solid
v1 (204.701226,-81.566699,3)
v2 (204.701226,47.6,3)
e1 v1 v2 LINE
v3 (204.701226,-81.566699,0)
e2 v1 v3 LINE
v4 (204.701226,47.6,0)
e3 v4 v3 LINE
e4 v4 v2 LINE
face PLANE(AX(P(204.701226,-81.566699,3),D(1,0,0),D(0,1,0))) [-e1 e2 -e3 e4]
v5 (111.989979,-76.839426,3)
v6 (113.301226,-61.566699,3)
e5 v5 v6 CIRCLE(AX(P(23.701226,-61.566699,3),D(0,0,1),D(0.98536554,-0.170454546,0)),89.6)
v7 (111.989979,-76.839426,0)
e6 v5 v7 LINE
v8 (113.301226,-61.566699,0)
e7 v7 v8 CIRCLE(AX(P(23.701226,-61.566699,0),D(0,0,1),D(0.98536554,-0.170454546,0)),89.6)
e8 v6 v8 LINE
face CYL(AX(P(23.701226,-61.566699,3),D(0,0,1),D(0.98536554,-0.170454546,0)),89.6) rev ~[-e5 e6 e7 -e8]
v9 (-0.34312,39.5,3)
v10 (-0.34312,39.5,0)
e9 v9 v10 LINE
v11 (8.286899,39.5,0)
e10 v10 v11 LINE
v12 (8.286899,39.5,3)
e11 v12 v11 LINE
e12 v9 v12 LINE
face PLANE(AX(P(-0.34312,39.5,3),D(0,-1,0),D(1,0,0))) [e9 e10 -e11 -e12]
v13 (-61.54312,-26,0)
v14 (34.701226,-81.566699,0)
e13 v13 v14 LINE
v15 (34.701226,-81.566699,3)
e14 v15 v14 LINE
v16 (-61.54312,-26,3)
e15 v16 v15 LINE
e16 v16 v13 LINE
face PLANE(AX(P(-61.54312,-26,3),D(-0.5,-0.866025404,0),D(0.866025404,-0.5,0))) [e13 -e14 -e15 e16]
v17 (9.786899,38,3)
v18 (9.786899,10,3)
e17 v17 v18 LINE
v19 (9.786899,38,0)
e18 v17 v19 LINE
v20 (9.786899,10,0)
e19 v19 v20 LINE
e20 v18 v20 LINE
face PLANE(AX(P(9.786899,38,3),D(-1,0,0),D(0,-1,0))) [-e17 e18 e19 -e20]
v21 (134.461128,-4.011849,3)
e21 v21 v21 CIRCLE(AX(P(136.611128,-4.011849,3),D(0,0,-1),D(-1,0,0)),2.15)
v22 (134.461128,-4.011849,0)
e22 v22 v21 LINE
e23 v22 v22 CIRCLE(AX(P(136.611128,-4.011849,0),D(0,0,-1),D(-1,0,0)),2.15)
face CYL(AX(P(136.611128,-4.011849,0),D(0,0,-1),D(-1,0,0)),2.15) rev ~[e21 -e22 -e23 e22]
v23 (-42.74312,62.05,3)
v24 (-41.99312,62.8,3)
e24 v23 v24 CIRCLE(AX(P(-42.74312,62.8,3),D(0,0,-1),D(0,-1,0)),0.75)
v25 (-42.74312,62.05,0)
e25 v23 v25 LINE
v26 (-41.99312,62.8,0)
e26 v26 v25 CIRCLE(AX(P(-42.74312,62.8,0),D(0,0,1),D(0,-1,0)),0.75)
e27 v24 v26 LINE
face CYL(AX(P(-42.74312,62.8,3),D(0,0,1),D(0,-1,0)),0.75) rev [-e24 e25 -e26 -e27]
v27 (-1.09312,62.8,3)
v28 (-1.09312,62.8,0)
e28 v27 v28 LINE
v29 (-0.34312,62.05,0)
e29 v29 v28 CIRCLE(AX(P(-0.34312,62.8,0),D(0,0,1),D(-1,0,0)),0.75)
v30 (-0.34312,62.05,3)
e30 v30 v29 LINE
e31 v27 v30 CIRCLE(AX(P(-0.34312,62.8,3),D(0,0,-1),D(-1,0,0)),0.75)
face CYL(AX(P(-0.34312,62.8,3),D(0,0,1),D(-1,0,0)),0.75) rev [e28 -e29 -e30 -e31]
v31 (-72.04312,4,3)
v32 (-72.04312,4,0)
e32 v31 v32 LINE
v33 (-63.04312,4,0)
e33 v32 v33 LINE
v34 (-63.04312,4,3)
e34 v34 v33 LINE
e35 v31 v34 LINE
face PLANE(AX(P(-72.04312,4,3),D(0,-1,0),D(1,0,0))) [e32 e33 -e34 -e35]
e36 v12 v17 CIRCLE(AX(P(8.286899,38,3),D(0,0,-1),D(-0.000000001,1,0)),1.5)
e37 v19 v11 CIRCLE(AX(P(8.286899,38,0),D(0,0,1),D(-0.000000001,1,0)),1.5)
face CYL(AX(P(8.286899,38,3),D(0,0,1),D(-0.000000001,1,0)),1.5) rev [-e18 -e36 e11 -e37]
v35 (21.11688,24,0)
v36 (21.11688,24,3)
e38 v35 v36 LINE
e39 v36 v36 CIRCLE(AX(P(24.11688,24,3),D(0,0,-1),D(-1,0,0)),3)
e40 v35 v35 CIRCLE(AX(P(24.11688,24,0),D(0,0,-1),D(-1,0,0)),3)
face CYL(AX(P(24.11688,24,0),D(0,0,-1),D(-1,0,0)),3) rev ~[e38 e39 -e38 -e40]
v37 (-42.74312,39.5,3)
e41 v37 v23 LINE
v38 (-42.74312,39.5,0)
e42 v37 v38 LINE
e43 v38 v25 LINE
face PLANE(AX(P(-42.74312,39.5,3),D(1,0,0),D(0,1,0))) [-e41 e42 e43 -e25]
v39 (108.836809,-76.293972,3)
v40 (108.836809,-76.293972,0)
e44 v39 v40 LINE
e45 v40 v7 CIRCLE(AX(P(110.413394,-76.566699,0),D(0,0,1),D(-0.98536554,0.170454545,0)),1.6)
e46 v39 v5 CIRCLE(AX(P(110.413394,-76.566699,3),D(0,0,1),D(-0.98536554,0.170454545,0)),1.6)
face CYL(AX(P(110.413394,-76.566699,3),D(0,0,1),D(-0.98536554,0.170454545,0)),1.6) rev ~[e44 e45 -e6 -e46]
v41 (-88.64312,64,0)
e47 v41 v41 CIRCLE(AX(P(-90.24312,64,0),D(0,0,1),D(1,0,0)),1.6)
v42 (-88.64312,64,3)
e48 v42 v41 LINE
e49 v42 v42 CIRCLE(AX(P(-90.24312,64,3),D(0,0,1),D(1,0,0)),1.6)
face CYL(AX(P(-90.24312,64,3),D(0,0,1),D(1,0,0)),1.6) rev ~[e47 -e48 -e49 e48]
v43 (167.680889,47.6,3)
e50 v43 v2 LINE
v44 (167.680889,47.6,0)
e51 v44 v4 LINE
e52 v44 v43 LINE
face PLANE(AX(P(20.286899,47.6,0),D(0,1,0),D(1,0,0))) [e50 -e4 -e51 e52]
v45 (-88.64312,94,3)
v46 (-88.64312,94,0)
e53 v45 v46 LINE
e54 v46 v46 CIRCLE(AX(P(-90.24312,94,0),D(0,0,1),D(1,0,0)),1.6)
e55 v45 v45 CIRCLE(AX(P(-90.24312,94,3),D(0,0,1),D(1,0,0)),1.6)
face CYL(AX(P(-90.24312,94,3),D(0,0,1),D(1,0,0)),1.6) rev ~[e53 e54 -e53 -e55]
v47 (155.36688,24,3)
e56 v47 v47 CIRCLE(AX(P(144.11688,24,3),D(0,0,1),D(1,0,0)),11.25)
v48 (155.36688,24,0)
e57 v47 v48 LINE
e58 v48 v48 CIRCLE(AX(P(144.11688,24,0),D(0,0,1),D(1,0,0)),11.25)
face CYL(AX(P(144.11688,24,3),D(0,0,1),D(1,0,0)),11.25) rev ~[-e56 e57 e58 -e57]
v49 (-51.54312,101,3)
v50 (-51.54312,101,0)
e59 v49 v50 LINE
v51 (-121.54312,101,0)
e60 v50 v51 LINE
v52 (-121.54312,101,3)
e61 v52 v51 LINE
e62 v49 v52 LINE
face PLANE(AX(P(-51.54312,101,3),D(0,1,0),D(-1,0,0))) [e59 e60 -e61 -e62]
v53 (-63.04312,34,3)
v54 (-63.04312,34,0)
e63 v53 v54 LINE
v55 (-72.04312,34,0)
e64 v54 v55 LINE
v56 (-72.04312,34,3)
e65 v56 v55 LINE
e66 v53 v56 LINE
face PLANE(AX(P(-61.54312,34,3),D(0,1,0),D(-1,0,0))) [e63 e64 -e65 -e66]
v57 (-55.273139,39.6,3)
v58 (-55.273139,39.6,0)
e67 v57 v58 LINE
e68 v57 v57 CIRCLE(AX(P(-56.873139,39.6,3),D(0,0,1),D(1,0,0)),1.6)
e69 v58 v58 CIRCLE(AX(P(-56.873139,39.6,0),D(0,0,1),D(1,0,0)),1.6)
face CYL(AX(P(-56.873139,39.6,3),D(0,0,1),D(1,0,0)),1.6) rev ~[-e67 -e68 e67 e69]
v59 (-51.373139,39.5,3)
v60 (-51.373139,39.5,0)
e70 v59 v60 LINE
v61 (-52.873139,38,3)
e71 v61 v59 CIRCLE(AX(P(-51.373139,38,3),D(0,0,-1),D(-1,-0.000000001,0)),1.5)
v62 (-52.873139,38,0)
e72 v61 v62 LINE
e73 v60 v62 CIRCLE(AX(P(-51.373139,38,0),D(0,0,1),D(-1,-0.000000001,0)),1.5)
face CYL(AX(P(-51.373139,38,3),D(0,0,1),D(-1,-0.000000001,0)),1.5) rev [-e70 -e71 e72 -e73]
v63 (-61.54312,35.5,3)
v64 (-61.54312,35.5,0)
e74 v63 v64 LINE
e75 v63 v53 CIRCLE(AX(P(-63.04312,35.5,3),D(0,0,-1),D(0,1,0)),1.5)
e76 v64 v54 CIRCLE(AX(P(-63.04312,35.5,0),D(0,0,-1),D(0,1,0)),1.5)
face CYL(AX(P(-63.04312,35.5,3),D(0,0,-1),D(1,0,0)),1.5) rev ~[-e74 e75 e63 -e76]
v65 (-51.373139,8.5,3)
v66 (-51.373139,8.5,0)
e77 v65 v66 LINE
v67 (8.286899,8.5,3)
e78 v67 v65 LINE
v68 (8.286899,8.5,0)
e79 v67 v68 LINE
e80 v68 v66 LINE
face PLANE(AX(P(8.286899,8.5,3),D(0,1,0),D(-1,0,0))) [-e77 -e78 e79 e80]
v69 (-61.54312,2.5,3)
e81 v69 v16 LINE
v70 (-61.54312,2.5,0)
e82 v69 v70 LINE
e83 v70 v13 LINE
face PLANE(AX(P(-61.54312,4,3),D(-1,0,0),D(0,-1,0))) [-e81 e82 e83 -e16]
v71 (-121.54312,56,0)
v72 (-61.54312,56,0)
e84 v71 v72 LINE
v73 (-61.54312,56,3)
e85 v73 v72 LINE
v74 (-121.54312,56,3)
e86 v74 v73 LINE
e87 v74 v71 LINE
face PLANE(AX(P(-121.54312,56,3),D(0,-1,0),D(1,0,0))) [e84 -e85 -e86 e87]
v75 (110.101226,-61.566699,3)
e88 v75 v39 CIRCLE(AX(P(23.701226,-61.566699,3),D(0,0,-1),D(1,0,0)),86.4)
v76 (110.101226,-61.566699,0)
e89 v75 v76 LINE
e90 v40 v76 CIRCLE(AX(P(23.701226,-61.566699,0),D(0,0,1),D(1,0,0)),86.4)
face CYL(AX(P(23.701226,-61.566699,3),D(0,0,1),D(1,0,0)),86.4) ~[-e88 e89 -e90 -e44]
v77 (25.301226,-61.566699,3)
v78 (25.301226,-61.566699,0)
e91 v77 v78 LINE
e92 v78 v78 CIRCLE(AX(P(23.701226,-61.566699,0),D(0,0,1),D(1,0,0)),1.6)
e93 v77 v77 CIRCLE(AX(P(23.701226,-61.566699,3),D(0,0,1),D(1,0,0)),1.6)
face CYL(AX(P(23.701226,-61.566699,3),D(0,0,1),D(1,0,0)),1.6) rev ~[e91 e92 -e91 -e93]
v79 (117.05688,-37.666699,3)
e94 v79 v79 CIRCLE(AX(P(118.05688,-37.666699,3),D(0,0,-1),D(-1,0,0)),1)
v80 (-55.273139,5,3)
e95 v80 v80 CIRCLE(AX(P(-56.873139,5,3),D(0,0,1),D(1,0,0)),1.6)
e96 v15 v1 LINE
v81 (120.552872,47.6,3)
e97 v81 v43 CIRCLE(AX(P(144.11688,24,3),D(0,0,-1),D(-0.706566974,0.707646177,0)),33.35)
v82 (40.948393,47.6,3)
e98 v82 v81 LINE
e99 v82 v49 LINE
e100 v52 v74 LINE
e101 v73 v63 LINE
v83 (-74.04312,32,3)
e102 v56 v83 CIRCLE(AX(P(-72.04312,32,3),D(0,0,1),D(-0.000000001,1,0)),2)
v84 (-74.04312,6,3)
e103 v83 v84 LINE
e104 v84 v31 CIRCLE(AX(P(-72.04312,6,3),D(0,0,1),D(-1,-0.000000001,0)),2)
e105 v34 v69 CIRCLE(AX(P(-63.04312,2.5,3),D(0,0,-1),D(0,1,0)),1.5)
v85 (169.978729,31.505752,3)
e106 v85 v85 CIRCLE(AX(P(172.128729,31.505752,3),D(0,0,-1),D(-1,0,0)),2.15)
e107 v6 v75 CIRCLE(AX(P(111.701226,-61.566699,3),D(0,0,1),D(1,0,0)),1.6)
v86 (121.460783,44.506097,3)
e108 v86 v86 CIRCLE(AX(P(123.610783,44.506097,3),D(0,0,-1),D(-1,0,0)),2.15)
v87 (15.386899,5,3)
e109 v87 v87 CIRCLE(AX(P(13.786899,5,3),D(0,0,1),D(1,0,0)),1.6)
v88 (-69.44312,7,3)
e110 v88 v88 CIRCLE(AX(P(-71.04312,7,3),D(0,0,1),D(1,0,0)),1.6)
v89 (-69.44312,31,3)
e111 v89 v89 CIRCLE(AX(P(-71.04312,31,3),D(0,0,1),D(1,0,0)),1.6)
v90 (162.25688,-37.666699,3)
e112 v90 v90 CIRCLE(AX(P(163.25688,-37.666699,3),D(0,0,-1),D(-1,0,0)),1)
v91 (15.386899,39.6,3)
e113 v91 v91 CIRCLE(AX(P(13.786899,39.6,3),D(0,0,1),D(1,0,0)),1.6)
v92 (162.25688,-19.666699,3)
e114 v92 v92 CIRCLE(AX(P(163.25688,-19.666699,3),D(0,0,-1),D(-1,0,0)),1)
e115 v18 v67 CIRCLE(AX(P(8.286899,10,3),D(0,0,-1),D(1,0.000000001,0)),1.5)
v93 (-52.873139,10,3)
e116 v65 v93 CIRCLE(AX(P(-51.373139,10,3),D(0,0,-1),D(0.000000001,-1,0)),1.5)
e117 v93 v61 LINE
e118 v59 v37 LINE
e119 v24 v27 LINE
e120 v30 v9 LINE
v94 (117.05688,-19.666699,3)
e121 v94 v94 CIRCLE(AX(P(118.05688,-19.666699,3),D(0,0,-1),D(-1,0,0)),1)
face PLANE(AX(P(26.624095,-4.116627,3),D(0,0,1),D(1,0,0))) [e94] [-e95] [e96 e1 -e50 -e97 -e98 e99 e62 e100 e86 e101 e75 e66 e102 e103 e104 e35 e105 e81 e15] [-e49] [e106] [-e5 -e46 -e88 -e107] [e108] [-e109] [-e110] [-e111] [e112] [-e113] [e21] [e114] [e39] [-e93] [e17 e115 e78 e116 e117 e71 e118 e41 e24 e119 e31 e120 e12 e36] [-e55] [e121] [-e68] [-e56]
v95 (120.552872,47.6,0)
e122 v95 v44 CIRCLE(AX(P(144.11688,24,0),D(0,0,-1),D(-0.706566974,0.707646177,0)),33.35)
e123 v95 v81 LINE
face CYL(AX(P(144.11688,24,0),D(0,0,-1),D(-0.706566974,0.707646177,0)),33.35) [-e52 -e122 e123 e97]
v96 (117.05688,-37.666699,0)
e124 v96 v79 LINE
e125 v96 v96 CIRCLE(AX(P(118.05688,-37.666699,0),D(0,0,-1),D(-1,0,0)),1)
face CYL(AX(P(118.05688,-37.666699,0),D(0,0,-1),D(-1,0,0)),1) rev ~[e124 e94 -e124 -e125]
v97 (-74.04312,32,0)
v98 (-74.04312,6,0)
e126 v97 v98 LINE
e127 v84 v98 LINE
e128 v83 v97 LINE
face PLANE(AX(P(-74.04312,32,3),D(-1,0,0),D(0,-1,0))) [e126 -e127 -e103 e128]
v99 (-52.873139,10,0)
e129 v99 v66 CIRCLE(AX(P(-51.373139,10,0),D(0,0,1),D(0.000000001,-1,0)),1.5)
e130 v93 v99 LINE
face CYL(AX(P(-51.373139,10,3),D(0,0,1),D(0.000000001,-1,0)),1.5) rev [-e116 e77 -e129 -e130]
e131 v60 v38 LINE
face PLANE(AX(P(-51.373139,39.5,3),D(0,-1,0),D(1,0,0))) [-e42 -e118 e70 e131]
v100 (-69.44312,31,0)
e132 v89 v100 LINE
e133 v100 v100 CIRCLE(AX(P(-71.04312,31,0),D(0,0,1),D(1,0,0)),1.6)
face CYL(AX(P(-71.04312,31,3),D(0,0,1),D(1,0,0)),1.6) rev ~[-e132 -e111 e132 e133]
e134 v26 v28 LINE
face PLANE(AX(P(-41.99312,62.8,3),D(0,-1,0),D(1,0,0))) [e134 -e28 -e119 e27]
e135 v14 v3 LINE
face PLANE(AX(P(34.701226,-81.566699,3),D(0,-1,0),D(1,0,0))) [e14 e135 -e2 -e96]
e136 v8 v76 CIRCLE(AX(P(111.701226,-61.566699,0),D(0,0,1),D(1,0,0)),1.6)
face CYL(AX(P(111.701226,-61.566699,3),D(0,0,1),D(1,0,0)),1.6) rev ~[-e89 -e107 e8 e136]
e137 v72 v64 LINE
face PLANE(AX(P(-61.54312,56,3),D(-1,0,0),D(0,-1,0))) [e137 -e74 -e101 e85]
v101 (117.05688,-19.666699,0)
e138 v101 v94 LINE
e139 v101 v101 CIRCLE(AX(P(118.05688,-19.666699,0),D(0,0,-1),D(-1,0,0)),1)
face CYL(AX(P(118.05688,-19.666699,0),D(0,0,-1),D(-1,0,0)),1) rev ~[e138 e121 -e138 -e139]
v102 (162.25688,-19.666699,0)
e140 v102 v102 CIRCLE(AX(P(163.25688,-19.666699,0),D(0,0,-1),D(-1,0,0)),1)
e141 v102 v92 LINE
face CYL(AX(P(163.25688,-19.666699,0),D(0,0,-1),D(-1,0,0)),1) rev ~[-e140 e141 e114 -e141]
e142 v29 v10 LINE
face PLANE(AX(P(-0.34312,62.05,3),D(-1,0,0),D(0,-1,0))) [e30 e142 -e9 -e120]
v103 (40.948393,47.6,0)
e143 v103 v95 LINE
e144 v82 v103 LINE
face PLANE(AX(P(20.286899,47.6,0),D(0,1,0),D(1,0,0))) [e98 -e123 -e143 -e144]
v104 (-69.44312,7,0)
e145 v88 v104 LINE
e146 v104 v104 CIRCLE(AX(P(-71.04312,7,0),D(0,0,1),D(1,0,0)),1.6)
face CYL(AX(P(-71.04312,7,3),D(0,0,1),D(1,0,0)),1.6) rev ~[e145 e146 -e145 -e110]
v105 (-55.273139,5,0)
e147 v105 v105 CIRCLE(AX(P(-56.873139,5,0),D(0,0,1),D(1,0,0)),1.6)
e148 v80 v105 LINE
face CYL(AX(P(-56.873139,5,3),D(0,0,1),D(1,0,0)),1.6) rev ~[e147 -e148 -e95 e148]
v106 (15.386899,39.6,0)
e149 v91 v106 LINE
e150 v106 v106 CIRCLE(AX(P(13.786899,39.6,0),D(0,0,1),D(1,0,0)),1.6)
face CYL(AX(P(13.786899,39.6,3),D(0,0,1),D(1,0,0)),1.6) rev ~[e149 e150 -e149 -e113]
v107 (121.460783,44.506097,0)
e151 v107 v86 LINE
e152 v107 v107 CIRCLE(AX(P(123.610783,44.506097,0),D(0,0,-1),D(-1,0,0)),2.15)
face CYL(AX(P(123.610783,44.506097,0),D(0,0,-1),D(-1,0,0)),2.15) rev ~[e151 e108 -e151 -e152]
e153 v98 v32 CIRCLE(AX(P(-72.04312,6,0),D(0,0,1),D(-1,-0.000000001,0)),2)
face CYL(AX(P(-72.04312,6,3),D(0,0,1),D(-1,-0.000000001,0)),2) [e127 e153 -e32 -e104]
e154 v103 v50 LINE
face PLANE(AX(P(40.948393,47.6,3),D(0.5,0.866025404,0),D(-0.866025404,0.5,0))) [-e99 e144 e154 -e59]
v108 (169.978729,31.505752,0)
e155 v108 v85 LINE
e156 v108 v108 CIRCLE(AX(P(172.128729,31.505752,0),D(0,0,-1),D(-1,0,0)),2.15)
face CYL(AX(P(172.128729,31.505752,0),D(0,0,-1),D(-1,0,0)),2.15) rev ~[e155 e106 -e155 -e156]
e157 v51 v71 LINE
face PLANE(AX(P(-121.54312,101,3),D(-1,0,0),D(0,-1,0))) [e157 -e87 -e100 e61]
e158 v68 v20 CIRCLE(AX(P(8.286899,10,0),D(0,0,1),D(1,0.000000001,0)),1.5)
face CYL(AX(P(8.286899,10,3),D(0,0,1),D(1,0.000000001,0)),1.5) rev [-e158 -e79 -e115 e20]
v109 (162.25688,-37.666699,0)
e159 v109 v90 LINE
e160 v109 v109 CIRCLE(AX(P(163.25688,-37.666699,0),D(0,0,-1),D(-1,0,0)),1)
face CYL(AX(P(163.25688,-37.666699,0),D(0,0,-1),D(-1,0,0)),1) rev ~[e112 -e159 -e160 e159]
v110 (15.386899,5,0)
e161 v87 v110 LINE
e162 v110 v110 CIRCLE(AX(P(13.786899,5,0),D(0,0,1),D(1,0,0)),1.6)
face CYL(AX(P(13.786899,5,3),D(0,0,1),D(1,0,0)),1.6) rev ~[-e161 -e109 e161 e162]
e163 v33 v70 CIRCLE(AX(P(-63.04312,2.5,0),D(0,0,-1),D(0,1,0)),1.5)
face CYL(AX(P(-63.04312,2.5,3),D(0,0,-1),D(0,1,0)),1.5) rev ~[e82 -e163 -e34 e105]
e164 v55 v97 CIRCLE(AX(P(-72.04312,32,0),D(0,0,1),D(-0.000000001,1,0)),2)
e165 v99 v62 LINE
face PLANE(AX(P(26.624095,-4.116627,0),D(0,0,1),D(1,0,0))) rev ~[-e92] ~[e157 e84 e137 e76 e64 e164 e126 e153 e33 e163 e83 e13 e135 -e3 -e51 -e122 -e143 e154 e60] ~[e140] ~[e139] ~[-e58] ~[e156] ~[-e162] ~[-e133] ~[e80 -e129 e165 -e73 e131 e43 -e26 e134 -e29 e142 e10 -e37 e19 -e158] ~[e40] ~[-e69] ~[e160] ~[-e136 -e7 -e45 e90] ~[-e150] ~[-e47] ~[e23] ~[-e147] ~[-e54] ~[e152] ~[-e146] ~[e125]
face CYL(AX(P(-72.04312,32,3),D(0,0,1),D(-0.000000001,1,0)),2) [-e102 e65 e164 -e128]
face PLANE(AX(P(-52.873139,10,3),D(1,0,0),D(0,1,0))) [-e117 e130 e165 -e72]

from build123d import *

# Parameters (mm, degrees)
SKETCH1_W           = 184.414327478
SKETCH1_H           = 83.61431582
BOSS_EXTRUDE1_DEPTH = 3
SKETCH2_R           = 3
CUT_EXTRUDE1_DEPTH  = 70
SKETCH3_R           = 11.25
CUT_EXTRUDE2_DEPTH  = 3
SKETCH4_R           = 1.6
BOSS_EXTRUDE2_DEPTH = 3
CUT_EXTRUDE3_DEPTH  = 10
SKETCH6_R           = 1.6
CUT_EXTRUDE4_DEPTH  = 3
FILLET1_R           = 1.5
SKETCH8_R           = 1.6
CUT_EXTRUDE6_DEPTH  = 12
SKETCH9_R           = 2.15
CUT_EXTRUDE7_DEPTH  = 12
BOSS_EXTRUDE3_DEPTH = 3
SKETCH12_R          = 1.6
CUT_EXTRUDE8_DEPTH  = 10
SKETCH13_R          = 1
CUT_EXTRUDE9_DEPTH  = 10


with BuildPart() as part:
    # Sketch1 → Boss-Extrude1 (new body)
    with BuildSketch(Plane.XY):
        with Locations((112.494062572, 5.79284209)):
            Rectangle(SKETCH1_W, SKETCH1_H)
    extrude(amount=BOSS_EXTRUDE1_DEPTH)

    # Sketch2 → Cut-Extrude1 (cut)
    with BuildSketch(Plane(origin=(0, 0, 0), x_dir=(-1, 0, 0), z_dir=(0, 0, -1))):
        with Locations((-24.116880081, 24)):
            Circle(SKETCH2_R)
    extrude(amount=-CUT_EXTRUDE1_DEPTH, mode=Mode.SUBTRACT)

    # Sketch3 → Cut-Extrude2 (cut)
    with BuildSketch(Plane.XY.offset(3)):
        with Locations((144.116880081, 24)):
            Circle(SKETCH3_R)
    extrude(amount=-CUT_EXTRUDE2_DEPTH, mode=Mode.SUBTRACT)

    # Sketch4 → Boss-Extrude2 (add)
    with BuildSketch(Plane.XY.offset(3)):
        with BuildLine():
            Line((-61.543119919, 56), (-61.543119919, 34))
            Line((-61.543119919, 34), (-72.043119919, 34))
            ThreePointArc((-72.043119919, 34), (-73.457333481, 33.414213562), (-74.043119919, 32))
            Line((-74.043119919, 32), (-74.043119919, 6))
            ThreePointArc((-74.043119919, 6), (-73.457333481, 4.585786438), (-72.043119919, 4))
            Line((-72.043119919, 4), (-61.543119919, 4))
            Line((-61.543119919, 4), (-61.543119919, -26))
            Line((-61.543119919, -26), (34.701226311, -81.566699204))
            Line((34.701226311, -81.566699204), (204.701226311, -81.566699204))
            Line((204.701226311, -81.566699204), (204.701226311, -36.01431582))
            Line((204.701226311, -36.01431582), (20.286898833, -36.01431582))
            Line((20.286898833, -36.01431582), (20.286898833, 47.6))
            Line((20.286898833, 47.6), (40.948393205, 47.6))
            Line((40.948393205, 47.6), (-51.543119919, 101))
            Line((-51.543119919, 101), (-121.543119919, 101))
            Line((-121.543119919, 101), (-121.543119919, 56))
            Line((-121.543119919, 56), (-61.543119919, 56))
        make_face()
        with Locations((-71.043119919, 31)):
            Circle(SKETCH4_R, mode=Mode.SUBTRACT)
        with Locations((-71.043119919, 7)):
            Circle(SKETCH4_R, mode=Mode.SUBTRACT)
    extrude(amount=-BOSS_EXTRUDE2_DEPTH)

    # Sketch5 → Cut-Extrude3 (cut)
    with BuildSketch(Plane.XY.offset(3)):
        with BuildLine():
            Line((8.286898833, 8.5), (-51.373138671, 8.5))
            ThreePointArc((-51.373138671, 8.5), (-52.433798843, 8.939339828), (-52.873138671, 10))
            Line((-52.873138671, 10), (-52.873138671, 38))
            ThreePointArc((-52.873138671, 38), (-52.433798843, 39.060660172), (-51.373138671, 39.5))
            Line((-51.373138671, 39.5), (-42.743119919, 39.5))
            Line((-42.743119919, 39.5), (-42.743119919, 62.05))
            ThreePointArc((-42.743119919, 62.05), (-43.273450005, 63.330330086), (-41.993119919, 62.8))
            Line((-41.993119919, 62.8), (-1.093119919, 62.8))
            ThreePointArc((-1.093119919, 62.8), (0.187210167, 63.330330086), (-0.343119919, 62.05))
            Line((-0.343119919, 62.05), (-0.343119919, 39.5))
            Line((-0.343119919, 39.5), (8.286898833, 39.5))
            ThreePointArc((8.286898833, 39.5), (9.347559005, 39.060660172), (9.786898833, 38))
            Line((9.786898833, 38), (9.786898833, 10))
            ThreePointArc((9.786898833, 10), (9.347559005, 8.939339828), (8.286898833, 8.5))
        make_face()
    extrude(amount=-CUT_EXTRUDE3_DEPTH, mode=Mode.SUBTRACT)

    # Sketch6 → Cut-Extrude4 (cut)
    with BuildSketch(Plane.XY.offset(3)):
        with Locations((13.786898833, 5)):
            Circle(SKETCH6_R)
        with Locations((13.786898833, 39.6)):
            Circle(SKETCH6_R)
        with Locations((-56.873138671, 5)):
            Circle(SKETCH6_R)
        with Locations((-56.873138671, 39.6)):
            Circle(SKETCH6_R)
    extrude(amount=-CUT_EXTRUDE4_DEPTH, mode=Mode.SUBTRACT)

    # Fillet1
    fillet1_edges = [part.edges().sort_by_distance(p)[0] for p in [
        (-61.543119919, 4, 1.5),
        (-61.543119919, 34, 1.5),
    ]]
    fillet(fillet1_edges, radius=FILLET1_R)

    # Sketch8 → Cut-Extrude6 (cut)
    with BuildSketch(Plane.XY.offset(3)):
        with Locations((-90.243119919, 94)):
            Circle(SKETCH8_R)
        with Locations((-90.243119919, 64)):
            Circle(SKETCH8_R)
    extrude(amount=-CUT_EXTRUDE6_DEPTH, mode=Mode.SUBTRACT)

    # Sketch9 → Cut-Extrude7 (cut)
    with BuildSketch(Plane(origin=(0, 0, 0), x_dir=(-1, 0, 0), z_dir=(0, 0, -1))):
        with Locations((-172.128729044, 31.505752308)):
            Circle(SKETCH9_R)
        with Locations((-123.610783427, 44.506096654)):
            Circle(SKETCH9_R)
        with Locations((-136.611127773, -4.011848962)):
            Circle(SKETCH9_R)
    extrude(amount=-CUT_EXTRUDE7_DEPTH, mode=Mode.SUBTRACT)

    # Sketch10 → Boss-Extrude3 (add)
    with BuildSketch(Plane(origin=(0, 0, 0), x_dir=(-1, 0, 0), z_dir=(0, 0, -1))):
        with BuildLine():
            Line((-167.680888654, 47.6), (-120.552871509, 47.6))
            ThreePointArc((-120.552871509, 47.6), (-144.116880081, 57.35), (-167.680888654, 47.6))
        make_face()
    extrude(amount=-BOSS_EXTRUDE3_DEPTH)

    # Sketch12 → Cut-Extrude8 (cut)
    with BuildSketch(Plane.XY.offset(3)):
        with Locations((23.701226311, -61.566699204)):
            Circle(SKETCH12_R)
        with BuildLine():
            ThreePointArc((110.101226311, -61.566699204), (109.784541603, -68.957425033), (108.836808989, -76.293971931))
            ThreePointArc((108.836808989, -76.293971931), (110.140666581, -78.143284068), (111.989978718, -76.839426476))
            ThreePointArc((111.989978718, -76.839426476), (112.97281254, -69.231155619), (113.301226311, -61.566699204))
            ThreePointArc((113.301226311, -61.566699204), (111.701226311, -59.966699204), (110.101226311, -61.566699204))
        make_face()
    extrude(amount=-CUT_EXTRUDE8_DEPTH, mode=Mode.SUBTRACT)

    # Sketch13 → Cut-Extrude9 (cut)
    with BuildSketch(Plane(origin=(0, 0, 0), x_dir=(-1, 0, 0), z_dir=(0, 0, -1))):
        with Locations((-163.256880081, -19.666699204)):
            Circle(SKETCH13_R)
        with Locations((-163.256880081, -37.666699204)):
            Circle(SKETCH13_R)
        with Locations((-118.056880081, -19.666699204)):
            Circle(SKETCH13_R)
        with Locations((-118.056880081, -37.666699204)):
            Circle(SKETCH13_R)
    extrude(amount=-CUT_EXTRUDE9_DEPTH, mode=Mode.SUBTRACT)


solid = part.part
